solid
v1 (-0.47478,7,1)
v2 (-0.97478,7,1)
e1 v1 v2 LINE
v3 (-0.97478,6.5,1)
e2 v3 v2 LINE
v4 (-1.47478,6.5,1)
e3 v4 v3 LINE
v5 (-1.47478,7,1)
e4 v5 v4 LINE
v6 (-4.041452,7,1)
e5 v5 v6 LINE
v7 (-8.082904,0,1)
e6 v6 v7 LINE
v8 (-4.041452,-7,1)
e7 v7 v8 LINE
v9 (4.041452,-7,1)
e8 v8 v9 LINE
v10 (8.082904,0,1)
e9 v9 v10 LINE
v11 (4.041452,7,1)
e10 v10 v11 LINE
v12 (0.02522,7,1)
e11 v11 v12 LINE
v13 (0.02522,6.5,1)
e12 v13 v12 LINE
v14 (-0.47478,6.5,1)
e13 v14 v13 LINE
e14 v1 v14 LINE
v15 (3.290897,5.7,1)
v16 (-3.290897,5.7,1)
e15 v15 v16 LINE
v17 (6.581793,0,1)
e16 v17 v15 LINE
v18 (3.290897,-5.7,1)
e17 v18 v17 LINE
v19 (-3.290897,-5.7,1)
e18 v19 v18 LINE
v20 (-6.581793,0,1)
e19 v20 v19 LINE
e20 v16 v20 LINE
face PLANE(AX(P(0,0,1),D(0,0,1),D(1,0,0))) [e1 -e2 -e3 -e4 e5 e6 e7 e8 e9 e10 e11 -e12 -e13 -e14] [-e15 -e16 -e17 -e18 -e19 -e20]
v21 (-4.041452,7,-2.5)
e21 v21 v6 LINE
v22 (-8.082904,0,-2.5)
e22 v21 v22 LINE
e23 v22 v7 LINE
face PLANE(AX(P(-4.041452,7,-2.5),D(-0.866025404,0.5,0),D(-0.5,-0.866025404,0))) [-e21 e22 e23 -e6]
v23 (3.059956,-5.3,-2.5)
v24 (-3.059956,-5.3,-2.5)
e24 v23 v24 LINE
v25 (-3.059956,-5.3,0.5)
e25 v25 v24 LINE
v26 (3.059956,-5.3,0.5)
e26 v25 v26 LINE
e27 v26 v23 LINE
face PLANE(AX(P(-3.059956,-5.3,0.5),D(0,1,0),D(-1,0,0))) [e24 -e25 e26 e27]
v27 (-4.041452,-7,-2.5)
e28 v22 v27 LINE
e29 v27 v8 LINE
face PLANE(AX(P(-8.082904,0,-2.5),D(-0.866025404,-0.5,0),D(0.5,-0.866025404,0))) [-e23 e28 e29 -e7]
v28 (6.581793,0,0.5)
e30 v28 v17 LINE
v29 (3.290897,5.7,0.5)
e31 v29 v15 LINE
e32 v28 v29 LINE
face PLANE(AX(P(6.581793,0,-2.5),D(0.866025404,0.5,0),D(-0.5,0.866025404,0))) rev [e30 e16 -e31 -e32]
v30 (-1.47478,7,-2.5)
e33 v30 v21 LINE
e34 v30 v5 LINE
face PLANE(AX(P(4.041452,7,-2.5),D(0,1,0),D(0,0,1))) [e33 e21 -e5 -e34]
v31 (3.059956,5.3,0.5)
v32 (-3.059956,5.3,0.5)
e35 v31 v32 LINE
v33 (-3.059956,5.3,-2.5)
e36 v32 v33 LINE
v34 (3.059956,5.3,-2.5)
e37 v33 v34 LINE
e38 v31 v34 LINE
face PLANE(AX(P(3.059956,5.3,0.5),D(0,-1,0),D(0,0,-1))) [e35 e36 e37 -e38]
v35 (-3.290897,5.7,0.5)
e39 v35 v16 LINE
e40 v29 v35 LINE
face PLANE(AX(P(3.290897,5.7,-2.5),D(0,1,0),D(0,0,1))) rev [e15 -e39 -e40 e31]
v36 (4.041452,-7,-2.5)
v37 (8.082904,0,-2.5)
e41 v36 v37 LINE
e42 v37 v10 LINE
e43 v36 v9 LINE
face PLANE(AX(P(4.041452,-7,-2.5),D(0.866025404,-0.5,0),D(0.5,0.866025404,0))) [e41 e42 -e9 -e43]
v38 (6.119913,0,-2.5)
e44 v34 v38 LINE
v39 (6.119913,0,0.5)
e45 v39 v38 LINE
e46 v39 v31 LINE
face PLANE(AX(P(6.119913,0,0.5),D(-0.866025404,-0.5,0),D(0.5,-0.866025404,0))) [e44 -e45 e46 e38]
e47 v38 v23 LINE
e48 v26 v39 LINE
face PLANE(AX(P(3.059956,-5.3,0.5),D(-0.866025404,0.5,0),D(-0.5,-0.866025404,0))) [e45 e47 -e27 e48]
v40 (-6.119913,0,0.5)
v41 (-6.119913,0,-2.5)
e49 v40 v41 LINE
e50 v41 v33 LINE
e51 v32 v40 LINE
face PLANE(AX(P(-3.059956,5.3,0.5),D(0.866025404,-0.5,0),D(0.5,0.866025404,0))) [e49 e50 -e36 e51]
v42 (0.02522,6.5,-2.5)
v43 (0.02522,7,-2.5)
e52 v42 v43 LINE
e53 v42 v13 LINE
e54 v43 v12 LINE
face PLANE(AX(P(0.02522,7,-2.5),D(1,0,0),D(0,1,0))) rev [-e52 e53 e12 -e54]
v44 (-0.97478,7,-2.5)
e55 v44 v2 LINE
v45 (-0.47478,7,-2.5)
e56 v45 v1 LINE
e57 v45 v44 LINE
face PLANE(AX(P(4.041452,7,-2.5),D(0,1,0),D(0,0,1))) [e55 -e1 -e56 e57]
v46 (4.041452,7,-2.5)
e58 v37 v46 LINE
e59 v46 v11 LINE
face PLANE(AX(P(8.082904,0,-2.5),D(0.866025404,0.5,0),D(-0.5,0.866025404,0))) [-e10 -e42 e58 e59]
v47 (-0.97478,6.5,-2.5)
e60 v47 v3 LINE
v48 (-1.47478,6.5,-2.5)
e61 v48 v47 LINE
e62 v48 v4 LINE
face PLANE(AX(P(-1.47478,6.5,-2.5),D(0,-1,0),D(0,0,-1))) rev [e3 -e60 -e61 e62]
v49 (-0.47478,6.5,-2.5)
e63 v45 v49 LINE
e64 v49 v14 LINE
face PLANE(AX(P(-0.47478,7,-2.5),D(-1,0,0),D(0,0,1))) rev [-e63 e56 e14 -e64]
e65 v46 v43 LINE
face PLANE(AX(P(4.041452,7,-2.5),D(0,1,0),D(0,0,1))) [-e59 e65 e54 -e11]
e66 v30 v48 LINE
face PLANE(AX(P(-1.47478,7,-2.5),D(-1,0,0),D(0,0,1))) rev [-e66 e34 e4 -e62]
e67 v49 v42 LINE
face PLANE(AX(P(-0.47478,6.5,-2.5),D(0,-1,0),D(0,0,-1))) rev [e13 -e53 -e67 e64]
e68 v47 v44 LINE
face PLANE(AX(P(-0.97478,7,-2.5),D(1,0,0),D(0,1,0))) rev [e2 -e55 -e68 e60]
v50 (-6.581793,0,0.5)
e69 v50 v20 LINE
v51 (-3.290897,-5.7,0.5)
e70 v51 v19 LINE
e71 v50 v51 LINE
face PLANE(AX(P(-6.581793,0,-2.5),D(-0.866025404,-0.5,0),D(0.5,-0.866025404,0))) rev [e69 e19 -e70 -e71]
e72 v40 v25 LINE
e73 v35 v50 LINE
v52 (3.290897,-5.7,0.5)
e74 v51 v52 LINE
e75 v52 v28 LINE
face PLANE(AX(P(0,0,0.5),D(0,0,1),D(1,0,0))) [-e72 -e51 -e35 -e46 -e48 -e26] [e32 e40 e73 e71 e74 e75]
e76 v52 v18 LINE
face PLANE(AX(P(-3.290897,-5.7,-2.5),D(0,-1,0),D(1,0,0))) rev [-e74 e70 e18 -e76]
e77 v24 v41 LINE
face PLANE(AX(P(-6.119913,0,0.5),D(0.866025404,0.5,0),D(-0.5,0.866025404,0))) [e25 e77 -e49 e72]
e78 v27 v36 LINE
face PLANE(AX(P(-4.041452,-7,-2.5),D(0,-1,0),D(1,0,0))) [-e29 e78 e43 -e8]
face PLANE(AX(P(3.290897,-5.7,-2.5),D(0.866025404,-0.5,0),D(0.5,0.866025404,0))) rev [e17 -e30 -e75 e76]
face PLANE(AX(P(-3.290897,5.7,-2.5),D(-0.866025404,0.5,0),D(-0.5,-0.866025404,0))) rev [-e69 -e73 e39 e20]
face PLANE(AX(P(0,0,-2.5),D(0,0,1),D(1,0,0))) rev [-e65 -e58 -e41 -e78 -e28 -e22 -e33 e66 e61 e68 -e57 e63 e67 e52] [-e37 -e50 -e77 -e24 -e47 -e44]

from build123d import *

# Parameters (mm, degrees)
BOSS_EXTRUDE1_DEPTH      = 1
BOSS_EXTRUDE1_DEPTH_BACK = 2.5
BOSS_EXTRUDE2_DEPTH      = 0.5
BOSS_EXTRUDE2_DEPTH_BACK = 2.5
SKETCH4_W                = 0.5
SKETCH4_H                = 0.5
CUT_EXTRUDE1_DEPTH       = 12.250925888


with BuildPart() as part:
    # Sketch1 → Boss-Extrude1 (new, two sides: drawn at the far end of the back side and taken through both)
    with BuildSketch(Plane.XY.offset(-BOSS_EXTRUDE1_DEPTH_BACK)):
        Polygon((8.082903769, 0), (4.041451884, 7), (-4.041451884, 7), (-8.082903769, 0), (-4.041451884, -7), (4.041451884, -7), align=None)
        Polygon((6.581793069, 0), (3.290896534, 5.7), (-3.290896534, 5.7), (-6.581793069, 0), (-3.290896534, -5.7), (3.290896534, -5.7), align=None, mode=Mode.SUBTRACT)
    extrude(amount=BOSS_EXTRUDE1_DEPTH + BOSS_EXTRUDE1_DEPTH_BACK)

    # Sketch3 → Boss-Extrude2 (add, two sides: drawn at the far end of the back side and taken through both)
    with BuildSketch(Plane.XY.offset(-BOSS_EXTRUDE2_DEPTH_BACK)):
        Polygon((6.581793069, 0), (3.290896534, 5.7), (-3.290896534, 5.7), (-6.581793069, 0), (-3.290896534, -5.7), (3.290896534, -5.7), align=None)
        Polygon((6.119912853, 0), (3.059956427, 5.3), (-3.059956427, 5.3), (-6.119912853, 0), (-3.059956427, -5.3), (3.059956427, -5.3), align=None, mode=Mode.SUBTRACT)
    extrude(amount=BOSS_EXTRUDE2_DEPTH + BOSS_EXTRUDE2_DEPTH_BACK)

    # Sketch4 → Cut-Extrude1 (cut, through all)
    with BuildSketch(Plane.XY.offset(1)):
        with Locations((-1.224779595, 6.75)):
            Rectangle(SKETCH4_W, SKETCH4_H)
        with Locations((-0.224779595, 6.75)):
            Rectangle(SKETCH4_W, SKETCH4_H)
    extrude(amount=-CUT_EXTRUDE1_DEPTH, mode=Mode.SUBTRACT)


solid = part.part
